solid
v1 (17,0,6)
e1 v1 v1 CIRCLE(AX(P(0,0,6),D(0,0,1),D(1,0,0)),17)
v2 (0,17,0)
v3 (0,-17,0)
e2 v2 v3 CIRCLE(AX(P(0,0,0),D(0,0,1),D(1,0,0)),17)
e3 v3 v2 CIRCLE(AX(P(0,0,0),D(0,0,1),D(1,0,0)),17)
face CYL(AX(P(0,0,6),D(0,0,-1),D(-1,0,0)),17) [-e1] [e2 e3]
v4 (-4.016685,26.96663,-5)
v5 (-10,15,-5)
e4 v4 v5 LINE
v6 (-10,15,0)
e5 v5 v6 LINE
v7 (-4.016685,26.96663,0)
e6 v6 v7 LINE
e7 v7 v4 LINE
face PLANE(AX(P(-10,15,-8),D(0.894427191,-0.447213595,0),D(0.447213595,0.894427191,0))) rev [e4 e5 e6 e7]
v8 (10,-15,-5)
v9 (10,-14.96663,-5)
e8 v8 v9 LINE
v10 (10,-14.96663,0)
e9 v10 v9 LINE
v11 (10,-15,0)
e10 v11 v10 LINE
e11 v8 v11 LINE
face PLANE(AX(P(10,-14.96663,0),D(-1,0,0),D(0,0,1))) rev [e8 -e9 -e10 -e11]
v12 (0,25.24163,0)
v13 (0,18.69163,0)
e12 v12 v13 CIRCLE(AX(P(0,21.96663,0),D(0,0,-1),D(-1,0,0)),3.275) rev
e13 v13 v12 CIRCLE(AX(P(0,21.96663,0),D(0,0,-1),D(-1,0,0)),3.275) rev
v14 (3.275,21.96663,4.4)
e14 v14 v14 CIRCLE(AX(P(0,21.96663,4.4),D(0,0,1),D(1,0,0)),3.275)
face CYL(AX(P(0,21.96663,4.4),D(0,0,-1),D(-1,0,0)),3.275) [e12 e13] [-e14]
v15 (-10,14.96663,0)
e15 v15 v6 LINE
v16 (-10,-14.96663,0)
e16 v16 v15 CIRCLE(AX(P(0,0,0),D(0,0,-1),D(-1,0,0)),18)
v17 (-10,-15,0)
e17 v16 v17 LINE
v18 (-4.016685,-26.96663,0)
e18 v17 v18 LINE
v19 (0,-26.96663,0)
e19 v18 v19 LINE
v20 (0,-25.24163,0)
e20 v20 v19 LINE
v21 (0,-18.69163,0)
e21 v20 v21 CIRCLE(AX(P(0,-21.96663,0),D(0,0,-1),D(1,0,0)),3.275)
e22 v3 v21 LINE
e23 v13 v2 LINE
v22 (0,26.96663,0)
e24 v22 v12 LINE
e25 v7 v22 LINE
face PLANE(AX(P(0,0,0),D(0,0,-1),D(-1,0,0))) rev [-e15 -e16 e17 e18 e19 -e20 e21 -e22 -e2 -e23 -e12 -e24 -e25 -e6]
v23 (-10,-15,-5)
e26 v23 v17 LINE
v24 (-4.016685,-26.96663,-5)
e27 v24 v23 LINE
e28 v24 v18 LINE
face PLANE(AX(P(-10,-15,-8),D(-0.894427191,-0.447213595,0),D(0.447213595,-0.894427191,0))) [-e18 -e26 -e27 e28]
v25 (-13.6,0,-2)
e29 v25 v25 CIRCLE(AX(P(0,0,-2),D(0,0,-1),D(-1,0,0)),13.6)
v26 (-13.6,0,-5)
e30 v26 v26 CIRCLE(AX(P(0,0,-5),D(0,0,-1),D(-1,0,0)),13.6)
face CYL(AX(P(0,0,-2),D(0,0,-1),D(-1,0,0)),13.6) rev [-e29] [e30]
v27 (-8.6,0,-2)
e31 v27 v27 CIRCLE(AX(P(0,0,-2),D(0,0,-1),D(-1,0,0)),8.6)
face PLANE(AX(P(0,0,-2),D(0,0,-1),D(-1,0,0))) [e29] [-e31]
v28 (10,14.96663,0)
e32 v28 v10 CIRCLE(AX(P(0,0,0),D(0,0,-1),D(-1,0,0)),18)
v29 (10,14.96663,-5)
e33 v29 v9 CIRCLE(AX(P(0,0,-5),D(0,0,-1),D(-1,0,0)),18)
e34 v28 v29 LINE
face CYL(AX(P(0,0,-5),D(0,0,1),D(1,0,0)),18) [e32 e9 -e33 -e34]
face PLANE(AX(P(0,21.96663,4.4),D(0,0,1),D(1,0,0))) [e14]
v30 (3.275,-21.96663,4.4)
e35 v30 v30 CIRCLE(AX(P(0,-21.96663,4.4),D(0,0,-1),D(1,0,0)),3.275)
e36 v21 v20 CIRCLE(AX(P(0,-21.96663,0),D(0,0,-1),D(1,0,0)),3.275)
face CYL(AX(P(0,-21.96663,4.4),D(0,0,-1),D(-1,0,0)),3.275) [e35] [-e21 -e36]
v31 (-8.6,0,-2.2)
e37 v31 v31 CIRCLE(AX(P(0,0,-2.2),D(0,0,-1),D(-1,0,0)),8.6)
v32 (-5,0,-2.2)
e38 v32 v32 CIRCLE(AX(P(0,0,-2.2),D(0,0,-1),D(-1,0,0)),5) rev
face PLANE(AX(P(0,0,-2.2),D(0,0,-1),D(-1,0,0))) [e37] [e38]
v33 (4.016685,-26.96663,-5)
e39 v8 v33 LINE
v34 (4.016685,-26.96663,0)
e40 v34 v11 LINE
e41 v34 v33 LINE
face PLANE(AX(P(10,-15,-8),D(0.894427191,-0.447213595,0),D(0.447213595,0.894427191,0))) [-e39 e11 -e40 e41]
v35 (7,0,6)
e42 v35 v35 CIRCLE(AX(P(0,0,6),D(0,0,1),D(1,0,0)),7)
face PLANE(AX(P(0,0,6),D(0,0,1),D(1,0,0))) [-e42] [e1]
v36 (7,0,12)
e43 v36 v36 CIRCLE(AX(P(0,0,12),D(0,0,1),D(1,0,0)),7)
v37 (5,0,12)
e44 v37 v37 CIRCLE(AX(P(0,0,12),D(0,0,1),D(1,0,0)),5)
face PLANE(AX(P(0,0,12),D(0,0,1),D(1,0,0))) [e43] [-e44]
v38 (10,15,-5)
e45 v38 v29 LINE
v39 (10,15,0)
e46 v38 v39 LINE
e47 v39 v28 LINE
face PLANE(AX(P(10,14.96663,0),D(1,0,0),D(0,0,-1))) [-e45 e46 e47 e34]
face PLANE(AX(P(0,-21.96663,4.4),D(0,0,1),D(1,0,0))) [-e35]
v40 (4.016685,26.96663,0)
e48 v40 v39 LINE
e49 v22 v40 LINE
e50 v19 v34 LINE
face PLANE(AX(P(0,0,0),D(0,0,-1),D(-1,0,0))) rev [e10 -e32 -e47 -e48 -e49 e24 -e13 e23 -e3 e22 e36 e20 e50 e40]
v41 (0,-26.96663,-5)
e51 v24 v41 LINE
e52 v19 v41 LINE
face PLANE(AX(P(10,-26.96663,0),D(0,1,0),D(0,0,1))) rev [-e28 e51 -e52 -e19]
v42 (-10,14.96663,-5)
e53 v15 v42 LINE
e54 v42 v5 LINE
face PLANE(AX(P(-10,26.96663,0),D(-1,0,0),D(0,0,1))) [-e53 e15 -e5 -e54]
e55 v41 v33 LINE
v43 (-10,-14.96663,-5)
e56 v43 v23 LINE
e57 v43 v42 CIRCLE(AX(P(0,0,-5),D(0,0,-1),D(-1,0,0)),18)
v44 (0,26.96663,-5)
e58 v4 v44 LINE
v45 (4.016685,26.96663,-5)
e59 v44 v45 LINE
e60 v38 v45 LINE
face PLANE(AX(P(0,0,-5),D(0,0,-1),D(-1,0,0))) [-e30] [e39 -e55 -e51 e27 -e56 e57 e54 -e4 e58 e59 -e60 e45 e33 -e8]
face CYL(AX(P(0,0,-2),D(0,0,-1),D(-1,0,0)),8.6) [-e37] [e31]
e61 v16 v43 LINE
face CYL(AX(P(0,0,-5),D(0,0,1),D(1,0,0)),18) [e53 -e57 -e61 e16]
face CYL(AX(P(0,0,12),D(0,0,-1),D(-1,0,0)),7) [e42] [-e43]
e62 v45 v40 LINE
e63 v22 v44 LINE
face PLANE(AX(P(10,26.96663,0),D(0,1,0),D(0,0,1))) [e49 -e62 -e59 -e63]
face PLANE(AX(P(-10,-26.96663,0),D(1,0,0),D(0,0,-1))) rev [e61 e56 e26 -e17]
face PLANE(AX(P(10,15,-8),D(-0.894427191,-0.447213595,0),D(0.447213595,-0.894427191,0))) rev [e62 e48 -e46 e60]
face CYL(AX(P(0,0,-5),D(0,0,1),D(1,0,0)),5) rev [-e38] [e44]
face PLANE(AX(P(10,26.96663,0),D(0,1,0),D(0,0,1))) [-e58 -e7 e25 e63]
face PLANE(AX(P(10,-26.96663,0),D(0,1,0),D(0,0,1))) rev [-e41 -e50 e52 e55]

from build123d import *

# Parameters (mm, degrees)
SKETCH_1_R          = 17
EXTRUDE_1_DEPTH     = 6
SKETCH_2_R          = 7
EXTRUDE_2_DEPTH     = 6
SKETCH_3_R          = 18
EXTRUDE_3_DEPTH     = 5
EXTRUDE_START       = -5
EXTRUDE_6_DEPTH     = 5
CUT_EXTRUDE_1_DEPTH = 8
SKETCH_6_R          = 3.275
EXTRUDE_5_DEPTH     = 4.4
SKETCH_9_R          = 5
CUT_EXTRUDE_3_DEPTH = 37.608729958
SKETCH_10_R         = 13.6
SKETCH_10_R_2       = 8.6
CUT_EXTRUDE_4_DEPTH = 3
SKETCH_11_R         = 8.6
CUT_EXTRUDE_5_DEPTH = 2.8


with BuildPart() as part:
    # 스케치1 → 보스-돌출1 (new body)
    with BuildSketch(Plane.XY):
        Circle(SKETCH_1_R)
    extrude(amount=EXTRUDE_1_DEPTH)

    # 스케치2 → 보스-돌출2 (add)
    with BuildSketch(Plane.XY.offset(6)):
        Circle(SKETCH_2_R)
    extrude(amount=EXTRUDE_2_DEPTH)

    # 스케치3 → 보스-돌출3 (add)
    with BuildSketch(Plane(origin=(0, 0, 0), x_dir=(-1, 0, 0), z_dir=(0, 0, -1))):
        Circle(SKETCH_3_R)
    extrude(amount=EXTRUDE_3_DEPTH)

    # 스케치8 → 보스-돌출6 (add)
    with BuildSketch(Plane(origin=(0, 0, -5), x_dir=(-1, 0, 0), z_dir=(0, 0, -1)).offset(EXTRUDE_START)):
        with BuildLine():
            Line((-10, 14.966629547), (-10, 26.966629547))
            Line((-10, 26.966629547), (10, 26.966629547))
            Line((10, 26.966629547), (10, 14.966629547))
            ThreePointArc((10, 14.966629547), (0, 18), (-10, 14.966629547))
        make_face()
    extrude_6 = extrude(amount=EXTRUDE_6_DEPTH)

    # 스케치5 → 컷-돌출1 (cut)
    with BuildSketch(Plane.XY):
        Polygon((-10, 27), (-10, 15), (-4, 27), align=None)
        Polygon((4, 27), (10, 27), (10, 15), align=None)
    cut_extrude_1 = extrude(amount=-CUT_EXTRUDE_1_DEPTH, mode=Mode.SUBTRACT)

    # 스케치6 → 보스-돌출5 (add)
    with BuildSketch(Plane.XY):
        with Locations(Location((0, 21.966629547, 0), (0, 0, 180))):
            Circle(SKETCH_6_R)
    extrude_5 = extrude(amount=EXTRUDE_5_DEPTH)

    # 대칭 복사6: 보스-돌출6, 컷-돌출1, 보스-돌출5 across plane
    add(extrude_6.mirror(Plane.ZX))
    add(cut_extrude_1.mirror(Plane.ZX), mode=Mode.SUBTRACT)
    add(extrude_5.mirror(Plane.ZX))

    # 스케치9 → 컷-돌출3 (cut, through all)
    with BuildSketch(Plane.XY.offset(12)):
        Circle(SKETCH_9_R)
    extrude(amount=-CUT_EXTRUDE_3_DEPTH, mode=Mode.SUBTRACT)

    # 스케치10 → 컷-돌출4 (cut)
    with BuildSketch(Plane(origin=(0, 0, -5), x_dir=(-1, 0, 0), z_dir=(0, 0, -1))):
        Circle(SKETCH_10_R)
        Circle(SKETCH_10_R_2, mode=Mode.SUBTRACT)
    extrude(amount=-CUT_EXTRUDE_4_DEPTH, mode=Mode.SUBTRACT)

    # 스케치11 → 컷-돌출5 (cut)
    with BuildSketch(Plane(origin=(0, 0, -5), x_dir=(-1, 0, 0), z_dir=(0, 0, -1))):
        Circle(SKETCH_11_R)
    extrude(amount=-CUT_EXTRUDE_5_DEPTH, mode=Mode.SUBTRACT)


solid = part.part
